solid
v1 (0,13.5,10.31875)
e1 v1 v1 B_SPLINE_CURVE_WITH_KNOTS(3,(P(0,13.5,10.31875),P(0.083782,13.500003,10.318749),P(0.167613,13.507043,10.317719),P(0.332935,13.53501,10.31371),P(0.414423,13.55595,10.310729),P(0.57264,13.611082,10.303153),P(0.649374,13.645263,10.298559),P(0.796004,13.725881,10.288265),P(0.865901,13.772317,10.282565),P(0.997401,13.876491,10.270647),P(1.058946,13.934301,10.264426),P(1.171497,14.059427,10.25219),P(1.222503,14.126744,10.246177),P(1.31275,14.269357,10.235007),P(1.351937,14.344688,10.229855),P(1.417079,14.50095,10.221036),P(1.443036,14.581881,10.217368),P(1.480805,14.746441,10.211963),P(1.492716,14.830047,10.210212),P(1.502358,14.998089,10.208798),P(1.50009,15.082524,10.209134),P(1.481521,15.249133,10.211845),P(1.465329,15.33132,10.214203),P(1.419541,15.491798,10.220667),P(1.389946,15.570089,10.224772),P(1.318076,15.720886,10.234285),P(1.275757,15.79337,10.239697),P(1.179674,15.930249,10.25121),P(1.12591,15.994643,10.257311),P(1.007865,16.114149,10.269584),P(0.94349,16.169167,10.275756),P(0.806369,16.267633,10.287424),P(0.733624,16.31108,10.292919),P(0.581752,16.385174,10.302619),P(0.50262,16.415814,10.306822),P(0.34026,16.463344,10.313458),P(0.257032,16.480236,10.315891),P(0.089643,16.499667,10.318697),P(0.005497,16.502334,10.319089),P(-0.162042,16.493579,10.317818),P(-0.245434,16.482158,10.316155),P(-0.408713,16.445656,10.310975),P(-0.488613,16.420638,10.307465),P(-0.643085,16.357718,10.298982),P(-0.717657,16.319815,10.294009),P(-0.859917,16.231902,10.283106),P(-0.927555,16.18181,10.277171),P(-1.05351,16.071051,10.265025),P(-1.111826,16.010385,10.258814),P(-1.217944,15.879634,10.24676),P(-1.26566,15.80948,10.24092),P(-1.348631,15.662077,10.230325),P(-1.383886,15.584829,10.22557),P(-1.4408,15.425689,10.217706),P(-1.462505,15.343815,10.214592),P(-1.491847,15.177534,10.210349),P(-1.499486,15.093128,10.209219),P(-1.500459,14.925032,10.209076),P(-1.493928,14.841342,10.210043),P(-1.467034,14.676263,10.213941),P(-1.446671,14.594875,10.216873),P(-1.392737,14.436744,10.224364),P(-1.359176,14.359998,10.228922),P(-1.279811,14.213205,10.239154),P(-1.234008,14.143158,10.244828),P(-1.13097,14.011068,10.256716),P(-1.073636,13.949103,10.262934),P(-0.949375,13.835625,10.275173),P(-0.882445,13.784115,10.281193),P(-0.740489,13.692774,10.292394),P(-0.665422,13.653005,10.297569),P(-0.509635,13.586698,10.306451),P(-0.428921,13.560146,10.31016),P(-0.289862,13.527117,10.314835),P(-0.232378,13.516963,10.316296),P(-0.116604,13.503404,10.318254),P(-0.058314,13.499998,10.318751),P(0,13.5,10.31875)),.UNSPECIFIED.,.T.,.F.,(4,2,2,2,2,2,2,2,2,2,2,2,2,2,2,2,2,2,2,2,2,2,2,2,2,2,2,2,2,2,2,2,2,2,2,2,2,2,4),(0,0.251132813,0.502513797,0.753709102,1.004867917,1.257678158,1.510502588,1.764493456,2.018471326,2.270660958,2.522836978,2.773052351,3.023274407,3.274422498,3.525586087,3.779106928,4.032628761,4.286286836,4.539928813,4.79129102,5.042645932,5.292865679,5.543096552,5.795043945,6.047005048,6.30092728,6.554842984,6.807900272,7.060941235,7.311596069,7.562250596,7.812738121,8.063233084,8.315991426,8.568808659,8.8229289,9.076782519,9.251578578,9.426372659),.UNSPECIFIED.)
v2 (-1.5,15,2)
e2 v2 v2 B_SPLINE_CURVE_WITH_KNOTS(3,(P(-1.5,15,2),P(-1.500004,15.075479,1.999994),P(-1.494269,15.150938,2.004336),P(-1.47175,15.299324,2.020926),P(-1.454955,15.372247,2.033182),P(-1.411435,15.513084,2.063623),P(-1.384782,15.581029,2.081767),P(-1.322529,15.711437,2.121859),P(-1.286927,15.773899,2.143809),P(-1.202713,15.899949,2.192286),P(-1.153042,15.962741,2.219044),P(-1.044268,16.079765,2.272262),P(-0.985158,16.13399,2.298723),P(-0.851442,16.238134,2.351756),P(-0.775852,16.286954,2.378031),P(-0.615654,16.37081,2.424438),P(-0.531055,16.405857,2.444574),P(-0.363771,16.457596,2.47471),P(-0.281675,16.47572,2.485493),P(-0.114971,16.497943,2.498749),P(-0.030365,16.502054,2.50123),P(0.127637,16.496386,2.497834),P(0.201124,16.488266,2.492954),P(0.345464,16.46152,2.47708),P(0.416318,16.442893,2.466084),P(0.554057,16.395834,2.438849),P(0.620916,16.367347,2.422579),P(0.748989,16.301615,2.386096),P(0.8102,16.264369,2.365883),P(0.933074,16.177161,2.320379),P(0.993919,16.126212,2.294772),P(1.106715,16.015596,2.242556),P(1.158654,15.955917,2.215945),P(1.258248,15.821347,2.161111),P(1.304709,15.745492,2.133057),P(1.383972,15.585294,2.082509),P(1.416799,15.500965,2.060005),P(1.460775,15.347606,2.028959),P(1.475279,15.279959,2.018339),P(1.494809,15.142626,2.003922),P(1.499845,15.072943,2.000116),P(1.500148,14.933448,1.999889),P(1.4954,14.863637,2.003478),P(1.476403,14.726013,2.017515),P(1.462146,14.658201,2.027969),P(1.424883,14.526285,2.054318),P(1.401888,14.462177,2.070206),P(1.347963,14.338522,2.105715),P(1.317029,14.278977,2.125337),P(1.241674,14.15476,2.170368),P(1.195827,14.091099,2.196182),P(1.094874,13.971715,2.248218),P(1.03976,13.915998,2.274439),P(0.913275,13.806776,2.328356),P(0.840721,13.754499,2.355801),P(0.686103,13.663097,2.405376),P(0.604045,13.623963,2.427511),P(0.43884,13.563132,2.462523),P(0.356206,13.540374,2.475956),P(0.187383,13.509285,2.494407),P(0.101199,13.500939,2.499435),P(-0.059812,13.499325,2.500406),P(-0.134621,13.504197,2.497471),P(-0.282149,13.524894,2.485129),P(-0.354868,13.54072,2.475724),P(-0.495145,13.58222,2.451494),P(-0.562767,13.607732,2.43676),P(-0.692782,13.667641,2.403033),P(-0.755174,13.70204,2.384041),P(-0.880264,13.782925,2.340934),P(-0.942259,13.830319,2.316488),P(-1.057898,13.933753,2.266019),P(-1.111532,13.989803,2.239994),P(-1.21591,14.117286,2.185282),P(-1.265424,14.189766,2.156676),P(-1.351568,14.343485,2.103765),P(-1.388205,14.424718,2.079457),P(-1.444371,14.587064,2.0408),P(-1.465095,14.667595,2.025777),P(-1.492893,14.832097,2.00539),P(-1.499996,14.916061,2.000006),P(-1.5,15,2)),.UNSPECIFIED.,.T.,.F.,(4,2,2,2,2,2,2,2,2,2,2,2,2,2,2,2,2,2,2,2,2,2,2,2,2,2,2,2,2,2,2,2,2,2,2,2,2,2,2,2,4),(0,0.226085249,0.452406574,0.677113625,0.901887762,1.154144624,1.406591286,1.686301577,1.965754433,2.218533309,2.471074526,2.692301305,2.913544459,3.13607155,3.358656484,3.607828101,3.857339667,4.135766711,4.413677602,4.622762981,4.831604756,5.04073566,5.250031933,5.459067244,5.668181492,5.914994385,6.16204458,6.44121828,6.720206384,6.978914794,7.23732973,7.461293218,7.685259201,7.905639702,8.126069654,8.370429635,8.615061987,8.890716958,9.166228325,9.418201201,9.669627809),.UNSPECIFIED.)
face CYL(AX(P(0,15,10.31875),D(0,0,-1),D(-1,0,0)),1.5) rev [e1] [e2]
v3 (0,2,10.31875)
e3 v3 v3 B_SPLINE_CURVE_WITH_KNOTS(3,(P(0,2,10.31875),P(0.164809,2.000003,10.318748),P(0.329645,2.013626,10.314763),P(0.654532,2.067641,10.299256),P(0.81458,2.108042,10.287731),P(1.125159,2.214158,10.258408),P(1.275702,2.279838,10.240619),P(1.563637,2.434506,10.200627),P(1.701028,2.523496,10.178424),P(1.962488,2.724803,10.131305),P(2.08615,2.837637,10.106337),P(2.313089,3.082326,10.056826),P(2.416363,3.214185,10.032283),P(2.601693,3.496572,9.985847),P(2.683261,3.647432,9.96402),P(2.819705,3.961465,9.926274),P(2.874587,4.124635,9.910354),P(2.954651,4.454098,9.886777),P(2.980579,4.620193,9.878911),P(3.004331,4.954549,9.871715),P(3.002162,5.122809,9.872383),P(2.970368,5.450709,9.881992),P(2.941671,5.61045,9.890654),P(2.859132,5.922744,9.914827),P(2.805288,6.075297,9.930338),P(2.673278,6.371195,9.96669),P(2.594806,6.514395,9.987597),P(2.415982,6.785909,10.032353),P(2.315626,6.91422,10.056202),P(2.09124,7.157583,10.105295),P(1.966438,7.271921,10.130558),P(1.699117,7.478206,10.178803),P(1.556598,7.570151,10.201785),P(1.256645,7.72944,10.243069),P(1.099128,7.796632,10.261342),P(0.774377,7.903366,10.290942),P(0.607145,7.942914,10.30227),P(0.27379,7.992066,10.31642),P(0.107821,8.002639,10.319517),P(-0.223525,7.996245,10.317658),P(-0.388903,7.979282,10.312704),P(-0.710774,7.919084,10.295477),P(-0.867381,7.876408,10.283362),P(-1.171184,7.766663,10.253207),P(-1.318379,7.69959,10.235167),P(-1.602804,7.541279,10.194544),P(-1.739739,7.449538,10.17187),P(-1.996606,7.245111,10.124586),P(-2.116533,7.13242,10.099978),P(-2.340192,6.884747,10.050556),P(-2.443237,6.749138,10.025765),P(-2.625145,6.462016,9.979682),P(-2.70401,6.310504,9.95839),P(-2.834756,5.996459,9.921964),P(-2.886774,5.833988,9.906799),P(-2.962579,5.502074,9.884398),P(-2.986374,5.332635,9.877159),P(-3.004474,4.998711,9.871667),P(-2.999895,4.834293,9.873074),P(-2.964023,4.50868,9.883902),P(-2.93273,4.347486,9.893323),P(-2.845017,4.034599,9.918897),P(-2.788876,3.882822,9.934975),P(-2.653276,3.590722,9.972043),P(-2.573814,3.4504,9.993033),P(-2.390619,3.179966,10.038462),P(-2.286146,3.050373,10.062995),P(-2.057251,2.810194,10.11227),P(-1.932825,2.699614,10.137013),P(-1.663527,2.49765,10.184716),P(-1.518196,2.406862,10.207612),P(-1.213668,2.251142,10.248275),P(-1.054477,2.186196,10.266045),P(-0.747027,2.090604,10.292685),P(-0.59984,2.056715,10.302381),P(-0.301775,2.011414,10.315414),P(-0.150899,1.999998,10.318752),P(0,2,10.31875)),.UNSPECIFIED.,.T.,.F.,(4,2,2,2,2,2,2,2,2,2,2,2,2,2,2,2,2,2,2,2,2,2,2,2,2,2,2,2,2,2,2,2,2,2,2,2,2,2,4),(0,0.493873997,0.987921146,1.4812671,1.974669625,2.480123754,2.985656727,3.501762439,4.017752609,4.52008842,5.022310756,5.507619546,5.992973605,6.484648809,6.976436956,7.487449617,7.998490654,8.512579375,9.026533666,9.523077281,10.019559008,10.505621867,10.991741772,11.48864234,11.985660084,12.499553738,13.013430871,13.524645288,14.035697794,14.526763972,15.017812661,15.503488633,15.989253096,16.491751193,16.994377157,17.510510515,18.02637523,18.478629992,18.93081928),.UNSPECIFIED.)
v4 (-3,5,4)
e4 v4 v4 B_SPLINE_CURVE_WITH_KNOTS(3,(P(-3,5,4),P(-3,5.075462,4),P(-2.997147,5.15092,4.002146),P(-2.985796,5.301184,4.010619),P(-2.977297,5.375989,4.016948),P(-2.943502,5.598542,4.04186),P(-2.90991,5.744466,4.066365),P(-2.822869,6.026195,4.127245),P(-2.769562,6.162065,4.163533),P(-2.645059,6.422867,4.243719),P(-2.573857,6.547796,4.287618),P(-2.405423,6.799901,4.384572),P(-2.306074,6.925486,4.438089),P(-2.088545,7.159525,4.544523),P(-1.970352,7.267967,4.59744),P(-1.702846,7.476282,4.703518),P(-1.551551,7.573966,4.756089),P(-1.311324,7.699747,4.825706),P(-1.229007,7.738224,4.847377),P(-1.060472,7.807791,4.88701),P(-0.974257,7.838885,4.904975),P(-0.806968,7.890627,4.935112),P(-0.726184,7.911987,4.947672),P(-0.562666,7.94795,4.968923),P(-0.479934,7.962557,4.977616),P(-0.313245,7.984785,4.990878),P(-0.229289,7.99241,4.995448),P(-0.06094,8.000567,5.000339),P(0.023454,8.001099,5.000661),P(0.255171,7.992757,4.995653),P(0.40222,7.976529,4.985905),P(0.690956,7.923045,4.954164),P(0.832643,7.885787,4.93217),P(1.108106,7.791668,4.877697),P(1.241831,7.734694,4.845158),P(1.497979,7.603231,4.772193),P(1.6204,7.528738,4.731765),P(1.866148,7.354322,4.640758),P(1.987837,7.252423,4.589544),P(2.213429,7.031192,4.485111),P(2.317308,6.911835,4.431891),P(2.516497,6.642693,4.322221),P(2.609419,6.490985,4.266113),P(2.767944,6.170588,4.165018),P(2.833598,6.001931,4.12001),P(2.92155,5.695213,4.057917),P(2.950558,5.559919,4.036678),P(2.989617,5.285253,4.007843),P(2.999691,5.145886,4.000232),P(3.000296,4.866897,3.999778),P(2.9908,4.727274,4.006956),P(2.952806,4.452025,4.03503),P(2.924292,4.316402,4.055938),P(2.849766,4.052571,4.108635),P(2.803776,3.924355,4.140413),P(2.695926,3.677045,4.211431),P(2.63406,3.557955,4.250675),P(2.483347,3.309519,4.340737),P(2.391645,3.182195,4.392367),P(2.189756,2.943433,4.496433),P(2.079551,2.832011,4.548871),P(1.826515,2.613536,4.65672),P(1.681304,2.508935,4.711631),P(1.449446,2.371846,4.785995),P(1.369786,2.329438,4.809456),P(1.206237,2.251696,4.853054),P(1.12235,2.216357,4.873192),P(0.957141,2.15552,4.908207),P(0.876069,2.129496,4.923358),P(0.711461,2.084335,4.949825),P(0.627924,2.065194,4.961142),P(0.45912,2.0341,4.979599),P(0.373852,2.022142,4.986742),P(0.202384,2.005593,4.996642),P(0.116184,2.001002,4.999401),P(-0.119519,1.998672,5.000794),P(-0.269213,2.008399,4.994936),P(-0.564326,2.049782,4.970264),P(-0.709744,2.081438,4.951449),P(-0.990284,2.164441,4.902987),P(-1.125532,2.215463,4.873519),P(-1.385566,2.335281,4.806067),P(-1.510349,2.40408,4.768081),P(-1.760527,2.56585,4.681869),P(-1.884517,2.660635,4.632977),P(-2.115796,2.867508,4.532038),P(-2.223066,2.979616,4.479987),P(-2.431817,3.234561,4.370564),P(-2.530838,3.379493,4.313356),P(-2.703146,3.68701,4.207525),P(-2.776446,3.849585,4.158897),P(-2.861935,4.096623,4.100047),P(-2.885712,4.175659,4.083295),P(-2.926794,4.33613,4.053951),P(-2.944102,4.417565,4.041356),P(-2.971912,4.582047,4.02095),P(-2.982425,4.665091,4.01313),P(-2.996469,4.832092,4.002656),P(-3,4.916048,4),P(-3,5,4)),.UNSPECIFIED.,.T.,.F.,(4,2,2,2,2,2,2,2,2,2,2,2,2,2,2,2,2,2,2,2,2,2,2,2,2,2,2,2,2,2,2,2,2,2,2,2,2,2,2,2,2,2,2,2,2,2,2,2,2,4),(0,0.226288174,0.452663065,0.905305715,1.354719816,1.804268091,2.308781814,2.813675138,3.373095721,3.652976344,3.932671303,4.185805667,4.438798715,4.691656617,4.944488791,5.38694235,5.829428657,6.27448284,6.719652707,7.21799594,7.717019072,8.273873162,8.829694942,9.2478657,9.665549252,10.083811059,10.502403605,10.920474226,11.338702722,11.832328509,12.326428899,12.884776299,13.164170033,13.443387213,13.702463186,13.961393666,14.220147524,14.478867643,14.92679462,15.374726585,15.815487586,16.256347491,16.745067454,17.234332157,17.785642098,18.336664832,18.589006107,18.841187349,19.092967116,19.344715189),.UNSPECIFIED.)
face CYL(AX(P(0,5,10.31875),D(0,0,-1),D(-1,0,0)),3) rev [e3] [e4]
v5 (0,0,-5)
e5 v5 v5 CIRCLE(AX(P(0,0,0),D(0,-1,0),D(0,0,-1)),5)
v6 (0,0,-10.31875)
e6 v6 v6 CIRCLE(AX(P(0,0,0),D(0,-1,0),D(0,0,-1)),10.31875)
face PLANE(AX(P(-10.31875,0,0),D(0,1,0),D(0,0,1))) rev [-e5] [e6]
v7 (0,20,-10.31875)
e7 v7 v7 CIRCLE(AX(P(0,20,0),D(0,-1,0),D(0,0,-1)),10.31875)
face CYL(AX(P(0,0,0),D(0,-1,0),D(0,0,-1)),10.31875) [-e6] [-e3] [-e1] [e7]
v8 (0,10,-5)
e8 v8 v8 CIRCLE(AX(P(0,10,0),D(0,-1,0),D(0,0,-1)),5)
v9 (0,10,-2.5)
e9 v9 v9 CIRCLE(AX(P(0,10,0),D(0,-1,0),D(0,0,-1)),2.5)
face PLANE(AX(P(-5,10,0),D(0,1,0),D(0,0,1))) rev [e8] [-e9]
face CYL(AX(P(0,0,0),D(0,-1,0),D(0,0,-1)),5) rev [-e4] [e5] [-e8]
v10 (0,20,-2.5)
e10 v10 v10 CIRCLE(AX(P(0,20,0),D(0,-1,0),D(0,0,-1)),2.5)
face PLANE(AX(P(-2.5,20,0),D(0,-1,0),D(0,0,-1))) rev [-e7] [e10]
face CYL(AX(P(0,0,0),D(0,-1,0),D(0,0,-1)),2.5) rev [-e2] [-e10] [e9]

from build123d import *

# Parameters (mm, degrees)
SKETCH2_R          = 3
SKETCH2_R_2        = 1.5
CUT_EXTRUDE1_DEPTH = 11.31875


with BuildPart() as part:
    # Sketch1 → Revolve1 (revolve)
    with BuildSketch(Plane.XY):
        Polygon((-2.5, 20), (-10.31875, 20), (-10.31875, 0), (-5, 0), (-5, 10), (-2.5, 10), align=None)
    revolve(axis=Axis((0, 0, 0), (0, 1, 0)))

    # Sketch2 → Cut-Extrude1 (cut, through all)
    with BuildSketch(Plane.XY):
        with Locations((0, 5)):
            Circle(SKETCH2_R)
        with Locations((0, 15)):
            Circle(SKETCH2_R_2)
    extrude(amount=CUT_EXTRUDE1_DEPTH, mode=Mode.SUBTRACT)


solid = part.part
